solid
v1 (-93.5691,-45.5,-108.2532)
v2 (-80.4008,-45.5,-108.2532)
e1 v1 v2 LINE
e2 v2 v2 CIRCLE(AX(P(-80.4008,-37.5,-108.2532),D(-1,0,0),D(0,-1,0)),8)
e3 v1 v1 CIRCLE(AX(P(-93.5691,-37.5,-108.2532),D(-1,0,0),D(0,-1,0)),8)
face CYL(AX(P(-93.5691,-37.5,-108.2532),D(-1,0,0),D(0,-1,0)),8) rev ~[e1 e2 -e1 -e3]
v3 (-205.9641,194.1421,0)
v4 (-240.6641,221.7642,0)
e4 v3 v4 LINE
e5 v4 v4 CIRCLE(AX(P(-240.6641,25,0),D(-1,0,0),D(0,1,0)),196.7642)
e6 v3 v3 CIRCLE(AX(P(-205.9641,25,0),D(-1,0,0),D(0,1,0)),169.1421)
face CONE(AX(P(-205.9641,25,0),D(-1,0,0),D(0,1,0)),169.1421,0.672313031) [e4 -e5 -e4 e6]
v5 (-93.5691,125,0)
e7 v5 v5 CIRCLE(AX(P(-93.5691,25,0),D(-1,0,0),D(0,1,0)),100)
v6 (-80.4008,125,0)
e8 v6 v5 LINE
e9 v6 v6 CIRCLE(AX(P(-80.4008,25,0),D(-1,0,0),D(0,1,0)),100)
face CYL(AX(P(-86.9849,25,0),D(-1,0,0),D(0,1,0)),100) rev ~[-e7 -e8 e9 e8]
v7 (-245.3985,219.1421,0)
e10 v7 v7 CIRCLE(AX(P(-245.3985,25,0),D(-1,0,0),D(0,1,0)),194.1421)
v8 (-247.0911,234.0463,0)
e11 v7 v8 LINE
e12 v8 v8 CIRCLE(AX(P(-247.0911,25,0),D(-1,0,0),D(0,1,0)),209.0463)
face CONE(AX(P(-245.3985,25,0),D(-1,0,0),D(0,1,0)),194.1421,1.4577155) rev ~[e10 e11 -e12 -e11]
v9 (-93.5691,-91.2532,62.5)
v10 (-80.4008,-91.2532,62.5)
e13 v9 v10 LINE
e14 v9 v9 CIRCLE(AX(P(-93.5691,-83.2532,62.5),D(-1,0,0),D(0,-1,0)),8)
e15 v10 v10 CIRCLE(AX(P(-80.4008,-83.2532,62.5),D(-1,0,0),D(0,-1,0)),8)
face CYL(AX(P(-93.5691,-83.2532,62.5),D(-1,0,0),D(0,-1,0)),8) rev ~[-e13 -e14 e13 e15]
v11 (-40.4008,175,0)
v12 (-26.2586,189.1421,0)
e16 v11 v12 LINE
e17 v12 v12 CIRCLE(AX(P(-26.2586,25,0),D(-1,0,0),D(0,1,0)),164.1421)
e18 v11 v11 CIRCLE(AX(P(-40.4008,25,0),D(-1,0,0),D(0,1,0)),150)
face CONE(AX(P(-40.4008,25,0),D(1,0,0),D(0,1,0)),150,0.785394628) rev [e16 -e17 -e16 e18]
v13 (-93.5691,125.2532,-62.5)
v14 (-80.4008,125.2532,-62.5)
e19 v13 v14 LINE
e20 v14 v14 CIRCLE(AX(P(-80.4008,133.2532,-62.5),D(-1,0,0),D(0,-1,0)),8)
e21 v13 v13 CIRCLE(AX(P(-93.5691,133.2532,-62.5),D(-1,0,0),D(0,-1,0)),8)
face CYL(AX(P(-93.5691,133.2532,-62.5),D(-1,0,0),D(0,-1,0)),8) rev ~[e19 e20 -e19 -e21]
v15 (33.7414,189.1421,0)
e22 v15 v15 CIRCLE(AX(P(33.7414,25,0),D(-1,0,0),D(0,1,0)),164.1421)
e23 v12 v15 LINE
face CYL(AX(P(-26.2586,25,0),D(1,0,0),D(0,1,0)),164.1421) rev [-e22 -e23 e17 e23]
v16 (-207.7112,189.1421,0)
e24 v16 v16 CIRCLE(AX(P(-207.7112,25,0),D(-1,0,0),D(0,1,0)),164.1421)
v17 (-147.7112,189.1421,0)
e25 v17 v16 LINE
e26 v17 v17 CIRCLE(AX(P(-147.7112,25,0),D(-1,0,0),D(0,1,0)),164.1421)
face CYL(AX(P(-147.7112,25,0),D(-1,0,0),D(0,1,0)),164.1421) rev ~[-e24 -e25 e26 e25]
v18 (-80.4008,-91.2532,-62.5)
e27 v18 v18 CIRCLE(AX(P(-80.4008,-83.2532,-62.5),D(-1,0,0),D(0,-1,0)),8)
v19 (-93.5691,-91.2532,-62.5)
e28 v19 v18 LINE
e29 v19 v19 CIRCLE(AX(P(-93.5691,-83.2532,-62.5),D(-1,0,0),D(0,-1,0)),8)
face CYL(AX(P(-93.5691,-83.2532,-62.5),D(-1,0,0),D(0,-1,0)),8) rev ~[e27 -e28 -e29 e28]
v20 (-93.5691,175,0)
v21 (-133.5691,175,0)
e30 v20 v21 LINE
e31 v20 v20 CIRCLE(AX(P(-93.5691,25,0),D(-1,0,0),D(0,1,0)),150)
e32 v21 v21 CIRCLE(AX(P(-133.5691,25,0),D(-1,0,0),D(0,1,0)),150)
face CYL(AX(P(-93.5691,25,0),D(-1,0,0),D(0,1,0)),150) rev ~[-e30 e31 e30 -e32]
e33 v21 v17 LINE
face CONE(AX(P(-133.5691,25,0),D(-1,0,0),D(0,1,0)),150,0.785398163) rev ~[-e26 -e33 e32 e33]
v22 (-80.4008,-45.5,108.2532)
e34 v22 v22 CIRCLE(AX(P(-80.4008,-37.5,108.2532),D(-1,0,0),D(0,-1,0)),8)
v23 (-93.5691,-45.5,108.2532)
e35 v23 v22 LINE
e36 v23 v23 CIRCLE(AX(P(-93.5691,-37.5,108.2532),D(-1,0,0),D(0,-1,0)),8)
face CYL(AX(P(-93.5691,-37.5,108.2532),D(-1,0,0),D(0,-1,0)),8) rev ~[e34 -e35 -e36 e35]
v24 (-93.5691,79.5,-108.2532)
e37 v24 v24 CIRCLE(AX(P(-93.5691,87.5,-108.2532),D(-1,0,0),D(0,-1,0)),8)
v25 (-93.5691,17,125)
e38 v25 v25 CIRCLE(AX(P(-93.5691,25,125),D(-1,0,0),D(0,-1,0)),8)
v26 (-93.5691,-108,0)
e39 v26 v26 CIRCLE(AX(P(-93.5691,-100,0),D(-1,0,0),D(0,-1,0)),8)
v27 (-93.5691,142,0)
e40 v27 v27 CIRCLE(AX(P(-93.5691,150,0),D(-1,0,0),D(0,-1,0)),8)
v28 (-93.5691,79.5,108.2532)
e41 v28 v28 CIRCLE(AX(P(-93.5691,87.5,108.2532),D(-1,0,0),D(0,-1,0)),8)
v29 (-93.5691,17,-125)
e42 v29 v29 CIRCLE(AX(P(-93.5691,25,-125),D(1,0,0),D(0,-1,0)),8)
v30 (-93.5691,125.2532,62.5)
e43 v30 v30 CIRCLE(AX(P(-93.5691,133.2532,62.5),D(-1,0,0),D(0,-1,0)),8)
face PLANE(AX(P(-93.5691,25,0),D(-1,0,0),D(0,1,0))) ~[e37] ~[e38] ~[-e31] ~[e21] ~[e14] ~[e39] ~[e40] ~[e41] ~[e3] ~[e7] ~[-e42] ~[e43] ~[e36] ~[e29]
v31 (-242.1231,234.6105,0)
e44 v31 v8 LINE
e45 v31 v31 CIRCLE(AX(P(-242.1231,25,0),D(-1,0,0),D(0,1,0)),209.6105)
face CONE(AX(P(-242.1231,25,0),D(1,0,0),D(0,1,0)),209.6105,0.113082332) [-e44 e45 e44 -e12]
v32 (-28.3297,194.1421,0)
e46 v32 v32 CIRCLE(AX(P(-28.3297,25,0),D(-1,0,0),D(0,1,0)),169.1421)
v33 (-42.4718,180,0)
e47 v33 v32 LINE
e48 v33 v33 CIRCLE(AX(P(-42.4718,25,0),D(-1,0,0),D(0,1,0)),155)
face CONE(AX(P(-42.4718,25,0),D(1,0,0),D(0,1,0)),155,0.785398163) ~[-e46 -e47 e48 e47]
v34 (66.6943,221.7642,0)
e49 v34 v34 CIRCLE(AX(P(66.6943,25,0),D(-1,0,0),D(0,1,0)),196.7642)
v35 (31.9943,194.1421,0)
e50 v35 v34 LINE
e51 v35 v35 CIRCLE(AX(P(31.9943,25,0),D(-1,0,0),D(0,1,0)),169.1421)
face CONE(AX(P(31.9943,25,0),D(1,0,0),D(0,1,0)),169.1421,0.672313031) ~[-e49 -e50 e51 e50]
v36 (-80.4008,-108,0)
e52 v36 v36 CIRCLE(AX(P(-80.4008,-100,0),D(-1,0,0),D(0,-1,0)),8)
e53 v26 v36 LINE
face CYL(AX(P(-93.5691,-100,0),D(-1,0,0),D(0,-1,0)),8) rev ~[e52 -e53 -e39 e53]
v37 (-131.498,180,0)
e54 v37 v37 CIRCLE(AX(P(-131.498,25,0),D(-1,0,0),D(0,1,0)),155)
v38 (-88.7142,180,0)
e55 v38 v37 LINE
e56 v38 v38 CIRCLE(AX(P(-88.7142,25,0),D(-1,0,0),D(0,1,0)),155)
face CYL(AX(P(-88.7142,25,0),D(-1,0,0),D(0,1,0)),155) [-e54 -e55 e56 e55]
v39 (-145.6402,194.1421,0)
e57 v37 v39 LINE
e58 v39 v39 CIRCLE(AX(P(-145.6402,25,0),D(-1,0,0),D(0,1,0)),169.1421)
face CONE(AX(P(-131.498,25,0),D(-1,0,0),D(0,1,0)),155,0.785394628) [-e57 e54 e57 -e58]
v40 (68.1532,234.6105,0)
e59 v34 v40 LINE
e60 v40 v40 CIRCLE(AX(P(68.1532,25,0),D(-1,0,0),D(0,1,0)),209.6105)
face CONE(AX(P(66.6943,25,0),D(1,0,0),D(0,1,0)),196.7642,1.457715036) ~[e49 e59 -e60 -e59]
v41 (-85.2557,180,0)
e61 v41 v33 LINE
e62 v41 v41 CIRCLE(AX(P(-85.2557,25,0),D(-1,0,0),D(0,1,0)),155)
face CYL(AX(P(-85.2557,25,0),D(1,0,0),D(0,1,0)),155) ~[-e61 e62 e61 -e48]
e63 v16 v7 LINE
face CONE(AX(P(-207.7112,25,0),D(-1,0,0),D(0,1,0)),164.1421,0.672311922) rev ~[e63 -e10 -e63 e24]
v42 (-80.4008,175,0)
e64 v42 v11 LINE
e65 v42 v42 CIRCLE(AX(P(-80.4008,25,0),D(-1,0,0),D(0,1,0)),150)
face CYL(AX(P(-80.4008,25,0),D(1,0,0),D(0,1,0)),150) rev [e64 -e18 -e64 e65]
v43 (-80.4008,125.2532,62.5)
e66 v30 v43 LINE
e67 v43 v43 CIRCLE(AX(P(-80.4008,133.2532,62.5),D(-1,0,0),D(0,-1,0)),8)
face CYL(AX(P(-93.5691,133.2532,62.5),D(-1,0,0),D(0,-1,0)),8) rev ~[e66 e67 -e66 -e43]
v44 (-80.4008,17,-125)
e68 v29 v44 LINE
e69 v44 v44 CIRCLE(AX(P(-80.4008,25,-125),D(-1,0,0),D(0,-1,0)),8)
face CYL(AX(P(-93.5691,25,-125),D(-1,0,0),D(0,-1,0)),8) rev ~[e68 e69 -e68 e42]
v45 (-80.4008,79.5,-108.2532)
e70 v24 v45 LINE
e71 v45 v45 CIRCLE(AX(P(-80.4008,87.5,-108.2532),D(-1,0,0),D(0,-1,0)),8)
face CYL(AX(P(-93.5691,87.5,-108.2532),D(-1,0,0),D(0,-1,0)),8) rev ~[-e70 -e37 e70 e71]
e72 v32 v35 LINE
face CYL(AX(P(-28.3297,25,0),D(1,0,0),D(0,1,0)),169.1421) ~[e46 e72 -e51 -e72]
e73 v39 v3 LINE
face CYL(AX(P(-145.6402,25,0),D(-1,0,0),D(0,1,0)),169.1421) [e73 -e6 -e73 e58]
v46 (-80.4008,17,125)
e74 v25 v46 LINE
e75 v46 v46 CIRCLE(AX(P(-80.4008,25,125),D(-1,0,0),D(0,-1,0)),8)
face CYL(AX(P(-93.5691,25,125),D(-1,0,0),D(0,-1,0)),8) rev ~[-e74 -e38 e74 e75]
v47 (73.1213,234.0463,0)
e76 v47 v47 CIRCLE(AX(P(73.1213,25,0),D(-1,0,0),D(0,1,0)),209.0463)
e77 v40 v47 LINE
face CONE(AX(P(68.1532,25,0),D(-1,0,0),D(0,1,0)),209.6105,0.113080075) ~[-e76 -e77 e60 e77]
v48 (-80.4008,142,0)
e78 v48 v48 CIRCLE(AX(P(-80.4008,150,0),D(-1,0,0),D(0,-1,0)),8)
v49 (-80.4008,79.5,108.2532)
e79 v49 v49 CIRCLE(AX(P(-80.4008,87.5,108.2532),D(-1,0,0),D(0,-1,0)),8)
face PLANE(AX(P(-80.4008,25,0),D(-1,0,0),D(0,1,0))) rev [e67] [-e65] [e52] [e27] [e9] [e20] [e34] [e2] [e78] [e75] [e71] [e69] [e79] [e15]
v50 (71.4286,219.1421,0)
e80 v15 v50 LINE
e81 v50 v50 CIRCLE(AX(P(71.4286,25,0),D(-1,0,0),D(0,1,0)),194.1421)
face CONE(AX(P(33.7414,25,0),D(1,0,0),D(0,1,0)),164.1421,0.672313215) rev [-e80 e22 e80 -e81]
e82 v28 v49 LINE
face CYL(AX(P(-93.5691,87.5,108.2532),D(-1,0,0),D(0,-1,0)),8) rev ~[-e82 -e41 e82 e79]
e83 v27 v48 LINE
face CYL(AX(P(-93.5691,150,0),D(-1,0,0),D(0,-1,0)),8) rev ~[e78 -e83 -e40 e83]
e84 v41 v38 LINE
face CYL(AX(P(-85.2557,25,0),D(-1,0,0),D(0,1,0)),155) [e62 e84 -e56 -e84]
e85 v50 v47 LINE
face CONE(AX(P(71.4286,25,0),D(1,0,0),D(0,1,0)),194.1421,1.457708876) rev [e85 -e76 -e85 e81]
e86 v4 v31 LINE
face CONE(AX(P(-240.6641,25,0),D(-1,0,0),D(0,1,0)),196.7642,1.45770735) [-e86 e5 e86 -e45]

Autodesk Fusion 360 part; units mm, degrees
sketch "Sketch1" plane through (0, 0, 0) normal (0, 0, 1) x (1, 0, 0)
  line L0 (-86.9849, 25) -> (-86.9849, 125)
  line L1 (-86.9849, 125) -> (-80.4008, 125)
  line L2 (-80.4008, 125) -> (-80.4008, 175)
  line L3 (-80.4008, 175) -> (-40.4008, 175)
  line L4 (-40.4008, 175) -> (-26.2586, 189.1421)
  line L5 (-26.2586, 189.1421) -> (33.7414, 189.1421)
  line L6 (33.7414, 189.1421) -> (71.4286, 219.1421)
  line L7 (71.4286, 219.1421) -> (73.1213, 234.0463)
  line L8 (-85.2557, 180) -> (-42.4718, 180)
  line L9 (-42.4718, 180) -> (-28.3297, 194.1421)
  line L10 (-28.3297, 194.1421) -> (31.9943, 194.1421)
  line L11 (31.9943, 194.1421) -> (66.6943, 221.7642)
  line L12 (66.6943, 221.7642) -> (68.1532, 234.6105)
  line L13 (68.1532, 234.6105) -> (73.1213, 234.0463)
  line L14 (-93.5691, 125) -> (-93.5691, 175)
  line L15 (-242.1231, 234.6105) -> (-247.0911, 234.0463)
  line L16 (-205.9641, 194.1421) -> (-240.6641, 221.7642)
  line L17 (-240.6641, 221.7642) -> (-242.1231, 234.6105)
  line L18 (-145.6402, 194.1421) -> (-205.9641, 194.1421)
  line L19 (-86.9849, 125) -> (-93.5691, 125)
  line L20 (-147.7112, 189.1421) -> (-207.7112, 189.1421)
  line L21 (-93.5691, 175) -> (-133.5691, 175)
  line L22 (-245.3985, 219.1421) -> (-247.0911, 234.0463)
  line L23 (-88.7142, 180) -> (-131.498, 180)
  line L24 (-86.9849, 25) -> (-86.9849, 125)
  line L25 (-131.498, 180) -> (-145.6402, 194.1421)
  line L26 (-133.5691, 175) -> (-147.7112, 189.1421)
  line L27 (-207.7112, 189.1421) -> (-245.3985, 219.1421)
  line L28 (-85.2557, 180) -> (-88.7142, 180)
  line L29 (-86.9849, 25) -> (-270, 25)
  point P0 (-173.9699, 0)
  dimension "d1" = 100
  dimension "d2" = 40
  dimension "d3" = 20
  dimension "d4" = 135
  dimension "d5" = 60
  dimension "d6" = 30
  dimension "d7" = 15
  dimension "d8" = 135
  dimension "d10" = -5
  dimension "d11" = 50
revolve "Revolve1" add sketch "Sketch1" angle 360 about axis through (-86.9849, 25, 0) along (-1, 0, 0)
sketch "Sketch2" plane through (-93.5691, 0, 0) normal (-1, 0, 0) x (0, -1, 0)
  circle A0 centre (-25, 0) radius 100
  circle A1 centre (-25, 0) radius 150
  line L0 (-25, 0) -> (-25, -125)
  circle A2 centre (-25, -125) radius 8
  circle A3 centre (37.5, -108.2532) radius 8
  circle A4 centre (83.2532, -62.5) radius 8
  circle A5 centre (100, 0) radius 8
  circle A6 centre (83.2532, 62.5) radius 8
  circle A7 centre (37.5, 108.2532) radius 8
  circle A8 centre (-25, 125) radius 8
  circle A9 centre (-87.5, 108.2532) radius 8
  circle A10 centre (-133.2532, 62.5) radius 8
  circle A11 centre (-150, 0) radius 8
  circle A12 centre (-133.2532, -62.5) radius 8
  circle A13 centre (-87.5, -108.2532) radius 8
  dimension "d13" = 16
  dimension "d15" = 360
extrude "Extrude1" cut sketch "Sketch2" against normal blind 200 contours A2 | A3 | A4 | A5 | A6 | A7 | A8 | A9 | A10 | A11 | A12 | A13
